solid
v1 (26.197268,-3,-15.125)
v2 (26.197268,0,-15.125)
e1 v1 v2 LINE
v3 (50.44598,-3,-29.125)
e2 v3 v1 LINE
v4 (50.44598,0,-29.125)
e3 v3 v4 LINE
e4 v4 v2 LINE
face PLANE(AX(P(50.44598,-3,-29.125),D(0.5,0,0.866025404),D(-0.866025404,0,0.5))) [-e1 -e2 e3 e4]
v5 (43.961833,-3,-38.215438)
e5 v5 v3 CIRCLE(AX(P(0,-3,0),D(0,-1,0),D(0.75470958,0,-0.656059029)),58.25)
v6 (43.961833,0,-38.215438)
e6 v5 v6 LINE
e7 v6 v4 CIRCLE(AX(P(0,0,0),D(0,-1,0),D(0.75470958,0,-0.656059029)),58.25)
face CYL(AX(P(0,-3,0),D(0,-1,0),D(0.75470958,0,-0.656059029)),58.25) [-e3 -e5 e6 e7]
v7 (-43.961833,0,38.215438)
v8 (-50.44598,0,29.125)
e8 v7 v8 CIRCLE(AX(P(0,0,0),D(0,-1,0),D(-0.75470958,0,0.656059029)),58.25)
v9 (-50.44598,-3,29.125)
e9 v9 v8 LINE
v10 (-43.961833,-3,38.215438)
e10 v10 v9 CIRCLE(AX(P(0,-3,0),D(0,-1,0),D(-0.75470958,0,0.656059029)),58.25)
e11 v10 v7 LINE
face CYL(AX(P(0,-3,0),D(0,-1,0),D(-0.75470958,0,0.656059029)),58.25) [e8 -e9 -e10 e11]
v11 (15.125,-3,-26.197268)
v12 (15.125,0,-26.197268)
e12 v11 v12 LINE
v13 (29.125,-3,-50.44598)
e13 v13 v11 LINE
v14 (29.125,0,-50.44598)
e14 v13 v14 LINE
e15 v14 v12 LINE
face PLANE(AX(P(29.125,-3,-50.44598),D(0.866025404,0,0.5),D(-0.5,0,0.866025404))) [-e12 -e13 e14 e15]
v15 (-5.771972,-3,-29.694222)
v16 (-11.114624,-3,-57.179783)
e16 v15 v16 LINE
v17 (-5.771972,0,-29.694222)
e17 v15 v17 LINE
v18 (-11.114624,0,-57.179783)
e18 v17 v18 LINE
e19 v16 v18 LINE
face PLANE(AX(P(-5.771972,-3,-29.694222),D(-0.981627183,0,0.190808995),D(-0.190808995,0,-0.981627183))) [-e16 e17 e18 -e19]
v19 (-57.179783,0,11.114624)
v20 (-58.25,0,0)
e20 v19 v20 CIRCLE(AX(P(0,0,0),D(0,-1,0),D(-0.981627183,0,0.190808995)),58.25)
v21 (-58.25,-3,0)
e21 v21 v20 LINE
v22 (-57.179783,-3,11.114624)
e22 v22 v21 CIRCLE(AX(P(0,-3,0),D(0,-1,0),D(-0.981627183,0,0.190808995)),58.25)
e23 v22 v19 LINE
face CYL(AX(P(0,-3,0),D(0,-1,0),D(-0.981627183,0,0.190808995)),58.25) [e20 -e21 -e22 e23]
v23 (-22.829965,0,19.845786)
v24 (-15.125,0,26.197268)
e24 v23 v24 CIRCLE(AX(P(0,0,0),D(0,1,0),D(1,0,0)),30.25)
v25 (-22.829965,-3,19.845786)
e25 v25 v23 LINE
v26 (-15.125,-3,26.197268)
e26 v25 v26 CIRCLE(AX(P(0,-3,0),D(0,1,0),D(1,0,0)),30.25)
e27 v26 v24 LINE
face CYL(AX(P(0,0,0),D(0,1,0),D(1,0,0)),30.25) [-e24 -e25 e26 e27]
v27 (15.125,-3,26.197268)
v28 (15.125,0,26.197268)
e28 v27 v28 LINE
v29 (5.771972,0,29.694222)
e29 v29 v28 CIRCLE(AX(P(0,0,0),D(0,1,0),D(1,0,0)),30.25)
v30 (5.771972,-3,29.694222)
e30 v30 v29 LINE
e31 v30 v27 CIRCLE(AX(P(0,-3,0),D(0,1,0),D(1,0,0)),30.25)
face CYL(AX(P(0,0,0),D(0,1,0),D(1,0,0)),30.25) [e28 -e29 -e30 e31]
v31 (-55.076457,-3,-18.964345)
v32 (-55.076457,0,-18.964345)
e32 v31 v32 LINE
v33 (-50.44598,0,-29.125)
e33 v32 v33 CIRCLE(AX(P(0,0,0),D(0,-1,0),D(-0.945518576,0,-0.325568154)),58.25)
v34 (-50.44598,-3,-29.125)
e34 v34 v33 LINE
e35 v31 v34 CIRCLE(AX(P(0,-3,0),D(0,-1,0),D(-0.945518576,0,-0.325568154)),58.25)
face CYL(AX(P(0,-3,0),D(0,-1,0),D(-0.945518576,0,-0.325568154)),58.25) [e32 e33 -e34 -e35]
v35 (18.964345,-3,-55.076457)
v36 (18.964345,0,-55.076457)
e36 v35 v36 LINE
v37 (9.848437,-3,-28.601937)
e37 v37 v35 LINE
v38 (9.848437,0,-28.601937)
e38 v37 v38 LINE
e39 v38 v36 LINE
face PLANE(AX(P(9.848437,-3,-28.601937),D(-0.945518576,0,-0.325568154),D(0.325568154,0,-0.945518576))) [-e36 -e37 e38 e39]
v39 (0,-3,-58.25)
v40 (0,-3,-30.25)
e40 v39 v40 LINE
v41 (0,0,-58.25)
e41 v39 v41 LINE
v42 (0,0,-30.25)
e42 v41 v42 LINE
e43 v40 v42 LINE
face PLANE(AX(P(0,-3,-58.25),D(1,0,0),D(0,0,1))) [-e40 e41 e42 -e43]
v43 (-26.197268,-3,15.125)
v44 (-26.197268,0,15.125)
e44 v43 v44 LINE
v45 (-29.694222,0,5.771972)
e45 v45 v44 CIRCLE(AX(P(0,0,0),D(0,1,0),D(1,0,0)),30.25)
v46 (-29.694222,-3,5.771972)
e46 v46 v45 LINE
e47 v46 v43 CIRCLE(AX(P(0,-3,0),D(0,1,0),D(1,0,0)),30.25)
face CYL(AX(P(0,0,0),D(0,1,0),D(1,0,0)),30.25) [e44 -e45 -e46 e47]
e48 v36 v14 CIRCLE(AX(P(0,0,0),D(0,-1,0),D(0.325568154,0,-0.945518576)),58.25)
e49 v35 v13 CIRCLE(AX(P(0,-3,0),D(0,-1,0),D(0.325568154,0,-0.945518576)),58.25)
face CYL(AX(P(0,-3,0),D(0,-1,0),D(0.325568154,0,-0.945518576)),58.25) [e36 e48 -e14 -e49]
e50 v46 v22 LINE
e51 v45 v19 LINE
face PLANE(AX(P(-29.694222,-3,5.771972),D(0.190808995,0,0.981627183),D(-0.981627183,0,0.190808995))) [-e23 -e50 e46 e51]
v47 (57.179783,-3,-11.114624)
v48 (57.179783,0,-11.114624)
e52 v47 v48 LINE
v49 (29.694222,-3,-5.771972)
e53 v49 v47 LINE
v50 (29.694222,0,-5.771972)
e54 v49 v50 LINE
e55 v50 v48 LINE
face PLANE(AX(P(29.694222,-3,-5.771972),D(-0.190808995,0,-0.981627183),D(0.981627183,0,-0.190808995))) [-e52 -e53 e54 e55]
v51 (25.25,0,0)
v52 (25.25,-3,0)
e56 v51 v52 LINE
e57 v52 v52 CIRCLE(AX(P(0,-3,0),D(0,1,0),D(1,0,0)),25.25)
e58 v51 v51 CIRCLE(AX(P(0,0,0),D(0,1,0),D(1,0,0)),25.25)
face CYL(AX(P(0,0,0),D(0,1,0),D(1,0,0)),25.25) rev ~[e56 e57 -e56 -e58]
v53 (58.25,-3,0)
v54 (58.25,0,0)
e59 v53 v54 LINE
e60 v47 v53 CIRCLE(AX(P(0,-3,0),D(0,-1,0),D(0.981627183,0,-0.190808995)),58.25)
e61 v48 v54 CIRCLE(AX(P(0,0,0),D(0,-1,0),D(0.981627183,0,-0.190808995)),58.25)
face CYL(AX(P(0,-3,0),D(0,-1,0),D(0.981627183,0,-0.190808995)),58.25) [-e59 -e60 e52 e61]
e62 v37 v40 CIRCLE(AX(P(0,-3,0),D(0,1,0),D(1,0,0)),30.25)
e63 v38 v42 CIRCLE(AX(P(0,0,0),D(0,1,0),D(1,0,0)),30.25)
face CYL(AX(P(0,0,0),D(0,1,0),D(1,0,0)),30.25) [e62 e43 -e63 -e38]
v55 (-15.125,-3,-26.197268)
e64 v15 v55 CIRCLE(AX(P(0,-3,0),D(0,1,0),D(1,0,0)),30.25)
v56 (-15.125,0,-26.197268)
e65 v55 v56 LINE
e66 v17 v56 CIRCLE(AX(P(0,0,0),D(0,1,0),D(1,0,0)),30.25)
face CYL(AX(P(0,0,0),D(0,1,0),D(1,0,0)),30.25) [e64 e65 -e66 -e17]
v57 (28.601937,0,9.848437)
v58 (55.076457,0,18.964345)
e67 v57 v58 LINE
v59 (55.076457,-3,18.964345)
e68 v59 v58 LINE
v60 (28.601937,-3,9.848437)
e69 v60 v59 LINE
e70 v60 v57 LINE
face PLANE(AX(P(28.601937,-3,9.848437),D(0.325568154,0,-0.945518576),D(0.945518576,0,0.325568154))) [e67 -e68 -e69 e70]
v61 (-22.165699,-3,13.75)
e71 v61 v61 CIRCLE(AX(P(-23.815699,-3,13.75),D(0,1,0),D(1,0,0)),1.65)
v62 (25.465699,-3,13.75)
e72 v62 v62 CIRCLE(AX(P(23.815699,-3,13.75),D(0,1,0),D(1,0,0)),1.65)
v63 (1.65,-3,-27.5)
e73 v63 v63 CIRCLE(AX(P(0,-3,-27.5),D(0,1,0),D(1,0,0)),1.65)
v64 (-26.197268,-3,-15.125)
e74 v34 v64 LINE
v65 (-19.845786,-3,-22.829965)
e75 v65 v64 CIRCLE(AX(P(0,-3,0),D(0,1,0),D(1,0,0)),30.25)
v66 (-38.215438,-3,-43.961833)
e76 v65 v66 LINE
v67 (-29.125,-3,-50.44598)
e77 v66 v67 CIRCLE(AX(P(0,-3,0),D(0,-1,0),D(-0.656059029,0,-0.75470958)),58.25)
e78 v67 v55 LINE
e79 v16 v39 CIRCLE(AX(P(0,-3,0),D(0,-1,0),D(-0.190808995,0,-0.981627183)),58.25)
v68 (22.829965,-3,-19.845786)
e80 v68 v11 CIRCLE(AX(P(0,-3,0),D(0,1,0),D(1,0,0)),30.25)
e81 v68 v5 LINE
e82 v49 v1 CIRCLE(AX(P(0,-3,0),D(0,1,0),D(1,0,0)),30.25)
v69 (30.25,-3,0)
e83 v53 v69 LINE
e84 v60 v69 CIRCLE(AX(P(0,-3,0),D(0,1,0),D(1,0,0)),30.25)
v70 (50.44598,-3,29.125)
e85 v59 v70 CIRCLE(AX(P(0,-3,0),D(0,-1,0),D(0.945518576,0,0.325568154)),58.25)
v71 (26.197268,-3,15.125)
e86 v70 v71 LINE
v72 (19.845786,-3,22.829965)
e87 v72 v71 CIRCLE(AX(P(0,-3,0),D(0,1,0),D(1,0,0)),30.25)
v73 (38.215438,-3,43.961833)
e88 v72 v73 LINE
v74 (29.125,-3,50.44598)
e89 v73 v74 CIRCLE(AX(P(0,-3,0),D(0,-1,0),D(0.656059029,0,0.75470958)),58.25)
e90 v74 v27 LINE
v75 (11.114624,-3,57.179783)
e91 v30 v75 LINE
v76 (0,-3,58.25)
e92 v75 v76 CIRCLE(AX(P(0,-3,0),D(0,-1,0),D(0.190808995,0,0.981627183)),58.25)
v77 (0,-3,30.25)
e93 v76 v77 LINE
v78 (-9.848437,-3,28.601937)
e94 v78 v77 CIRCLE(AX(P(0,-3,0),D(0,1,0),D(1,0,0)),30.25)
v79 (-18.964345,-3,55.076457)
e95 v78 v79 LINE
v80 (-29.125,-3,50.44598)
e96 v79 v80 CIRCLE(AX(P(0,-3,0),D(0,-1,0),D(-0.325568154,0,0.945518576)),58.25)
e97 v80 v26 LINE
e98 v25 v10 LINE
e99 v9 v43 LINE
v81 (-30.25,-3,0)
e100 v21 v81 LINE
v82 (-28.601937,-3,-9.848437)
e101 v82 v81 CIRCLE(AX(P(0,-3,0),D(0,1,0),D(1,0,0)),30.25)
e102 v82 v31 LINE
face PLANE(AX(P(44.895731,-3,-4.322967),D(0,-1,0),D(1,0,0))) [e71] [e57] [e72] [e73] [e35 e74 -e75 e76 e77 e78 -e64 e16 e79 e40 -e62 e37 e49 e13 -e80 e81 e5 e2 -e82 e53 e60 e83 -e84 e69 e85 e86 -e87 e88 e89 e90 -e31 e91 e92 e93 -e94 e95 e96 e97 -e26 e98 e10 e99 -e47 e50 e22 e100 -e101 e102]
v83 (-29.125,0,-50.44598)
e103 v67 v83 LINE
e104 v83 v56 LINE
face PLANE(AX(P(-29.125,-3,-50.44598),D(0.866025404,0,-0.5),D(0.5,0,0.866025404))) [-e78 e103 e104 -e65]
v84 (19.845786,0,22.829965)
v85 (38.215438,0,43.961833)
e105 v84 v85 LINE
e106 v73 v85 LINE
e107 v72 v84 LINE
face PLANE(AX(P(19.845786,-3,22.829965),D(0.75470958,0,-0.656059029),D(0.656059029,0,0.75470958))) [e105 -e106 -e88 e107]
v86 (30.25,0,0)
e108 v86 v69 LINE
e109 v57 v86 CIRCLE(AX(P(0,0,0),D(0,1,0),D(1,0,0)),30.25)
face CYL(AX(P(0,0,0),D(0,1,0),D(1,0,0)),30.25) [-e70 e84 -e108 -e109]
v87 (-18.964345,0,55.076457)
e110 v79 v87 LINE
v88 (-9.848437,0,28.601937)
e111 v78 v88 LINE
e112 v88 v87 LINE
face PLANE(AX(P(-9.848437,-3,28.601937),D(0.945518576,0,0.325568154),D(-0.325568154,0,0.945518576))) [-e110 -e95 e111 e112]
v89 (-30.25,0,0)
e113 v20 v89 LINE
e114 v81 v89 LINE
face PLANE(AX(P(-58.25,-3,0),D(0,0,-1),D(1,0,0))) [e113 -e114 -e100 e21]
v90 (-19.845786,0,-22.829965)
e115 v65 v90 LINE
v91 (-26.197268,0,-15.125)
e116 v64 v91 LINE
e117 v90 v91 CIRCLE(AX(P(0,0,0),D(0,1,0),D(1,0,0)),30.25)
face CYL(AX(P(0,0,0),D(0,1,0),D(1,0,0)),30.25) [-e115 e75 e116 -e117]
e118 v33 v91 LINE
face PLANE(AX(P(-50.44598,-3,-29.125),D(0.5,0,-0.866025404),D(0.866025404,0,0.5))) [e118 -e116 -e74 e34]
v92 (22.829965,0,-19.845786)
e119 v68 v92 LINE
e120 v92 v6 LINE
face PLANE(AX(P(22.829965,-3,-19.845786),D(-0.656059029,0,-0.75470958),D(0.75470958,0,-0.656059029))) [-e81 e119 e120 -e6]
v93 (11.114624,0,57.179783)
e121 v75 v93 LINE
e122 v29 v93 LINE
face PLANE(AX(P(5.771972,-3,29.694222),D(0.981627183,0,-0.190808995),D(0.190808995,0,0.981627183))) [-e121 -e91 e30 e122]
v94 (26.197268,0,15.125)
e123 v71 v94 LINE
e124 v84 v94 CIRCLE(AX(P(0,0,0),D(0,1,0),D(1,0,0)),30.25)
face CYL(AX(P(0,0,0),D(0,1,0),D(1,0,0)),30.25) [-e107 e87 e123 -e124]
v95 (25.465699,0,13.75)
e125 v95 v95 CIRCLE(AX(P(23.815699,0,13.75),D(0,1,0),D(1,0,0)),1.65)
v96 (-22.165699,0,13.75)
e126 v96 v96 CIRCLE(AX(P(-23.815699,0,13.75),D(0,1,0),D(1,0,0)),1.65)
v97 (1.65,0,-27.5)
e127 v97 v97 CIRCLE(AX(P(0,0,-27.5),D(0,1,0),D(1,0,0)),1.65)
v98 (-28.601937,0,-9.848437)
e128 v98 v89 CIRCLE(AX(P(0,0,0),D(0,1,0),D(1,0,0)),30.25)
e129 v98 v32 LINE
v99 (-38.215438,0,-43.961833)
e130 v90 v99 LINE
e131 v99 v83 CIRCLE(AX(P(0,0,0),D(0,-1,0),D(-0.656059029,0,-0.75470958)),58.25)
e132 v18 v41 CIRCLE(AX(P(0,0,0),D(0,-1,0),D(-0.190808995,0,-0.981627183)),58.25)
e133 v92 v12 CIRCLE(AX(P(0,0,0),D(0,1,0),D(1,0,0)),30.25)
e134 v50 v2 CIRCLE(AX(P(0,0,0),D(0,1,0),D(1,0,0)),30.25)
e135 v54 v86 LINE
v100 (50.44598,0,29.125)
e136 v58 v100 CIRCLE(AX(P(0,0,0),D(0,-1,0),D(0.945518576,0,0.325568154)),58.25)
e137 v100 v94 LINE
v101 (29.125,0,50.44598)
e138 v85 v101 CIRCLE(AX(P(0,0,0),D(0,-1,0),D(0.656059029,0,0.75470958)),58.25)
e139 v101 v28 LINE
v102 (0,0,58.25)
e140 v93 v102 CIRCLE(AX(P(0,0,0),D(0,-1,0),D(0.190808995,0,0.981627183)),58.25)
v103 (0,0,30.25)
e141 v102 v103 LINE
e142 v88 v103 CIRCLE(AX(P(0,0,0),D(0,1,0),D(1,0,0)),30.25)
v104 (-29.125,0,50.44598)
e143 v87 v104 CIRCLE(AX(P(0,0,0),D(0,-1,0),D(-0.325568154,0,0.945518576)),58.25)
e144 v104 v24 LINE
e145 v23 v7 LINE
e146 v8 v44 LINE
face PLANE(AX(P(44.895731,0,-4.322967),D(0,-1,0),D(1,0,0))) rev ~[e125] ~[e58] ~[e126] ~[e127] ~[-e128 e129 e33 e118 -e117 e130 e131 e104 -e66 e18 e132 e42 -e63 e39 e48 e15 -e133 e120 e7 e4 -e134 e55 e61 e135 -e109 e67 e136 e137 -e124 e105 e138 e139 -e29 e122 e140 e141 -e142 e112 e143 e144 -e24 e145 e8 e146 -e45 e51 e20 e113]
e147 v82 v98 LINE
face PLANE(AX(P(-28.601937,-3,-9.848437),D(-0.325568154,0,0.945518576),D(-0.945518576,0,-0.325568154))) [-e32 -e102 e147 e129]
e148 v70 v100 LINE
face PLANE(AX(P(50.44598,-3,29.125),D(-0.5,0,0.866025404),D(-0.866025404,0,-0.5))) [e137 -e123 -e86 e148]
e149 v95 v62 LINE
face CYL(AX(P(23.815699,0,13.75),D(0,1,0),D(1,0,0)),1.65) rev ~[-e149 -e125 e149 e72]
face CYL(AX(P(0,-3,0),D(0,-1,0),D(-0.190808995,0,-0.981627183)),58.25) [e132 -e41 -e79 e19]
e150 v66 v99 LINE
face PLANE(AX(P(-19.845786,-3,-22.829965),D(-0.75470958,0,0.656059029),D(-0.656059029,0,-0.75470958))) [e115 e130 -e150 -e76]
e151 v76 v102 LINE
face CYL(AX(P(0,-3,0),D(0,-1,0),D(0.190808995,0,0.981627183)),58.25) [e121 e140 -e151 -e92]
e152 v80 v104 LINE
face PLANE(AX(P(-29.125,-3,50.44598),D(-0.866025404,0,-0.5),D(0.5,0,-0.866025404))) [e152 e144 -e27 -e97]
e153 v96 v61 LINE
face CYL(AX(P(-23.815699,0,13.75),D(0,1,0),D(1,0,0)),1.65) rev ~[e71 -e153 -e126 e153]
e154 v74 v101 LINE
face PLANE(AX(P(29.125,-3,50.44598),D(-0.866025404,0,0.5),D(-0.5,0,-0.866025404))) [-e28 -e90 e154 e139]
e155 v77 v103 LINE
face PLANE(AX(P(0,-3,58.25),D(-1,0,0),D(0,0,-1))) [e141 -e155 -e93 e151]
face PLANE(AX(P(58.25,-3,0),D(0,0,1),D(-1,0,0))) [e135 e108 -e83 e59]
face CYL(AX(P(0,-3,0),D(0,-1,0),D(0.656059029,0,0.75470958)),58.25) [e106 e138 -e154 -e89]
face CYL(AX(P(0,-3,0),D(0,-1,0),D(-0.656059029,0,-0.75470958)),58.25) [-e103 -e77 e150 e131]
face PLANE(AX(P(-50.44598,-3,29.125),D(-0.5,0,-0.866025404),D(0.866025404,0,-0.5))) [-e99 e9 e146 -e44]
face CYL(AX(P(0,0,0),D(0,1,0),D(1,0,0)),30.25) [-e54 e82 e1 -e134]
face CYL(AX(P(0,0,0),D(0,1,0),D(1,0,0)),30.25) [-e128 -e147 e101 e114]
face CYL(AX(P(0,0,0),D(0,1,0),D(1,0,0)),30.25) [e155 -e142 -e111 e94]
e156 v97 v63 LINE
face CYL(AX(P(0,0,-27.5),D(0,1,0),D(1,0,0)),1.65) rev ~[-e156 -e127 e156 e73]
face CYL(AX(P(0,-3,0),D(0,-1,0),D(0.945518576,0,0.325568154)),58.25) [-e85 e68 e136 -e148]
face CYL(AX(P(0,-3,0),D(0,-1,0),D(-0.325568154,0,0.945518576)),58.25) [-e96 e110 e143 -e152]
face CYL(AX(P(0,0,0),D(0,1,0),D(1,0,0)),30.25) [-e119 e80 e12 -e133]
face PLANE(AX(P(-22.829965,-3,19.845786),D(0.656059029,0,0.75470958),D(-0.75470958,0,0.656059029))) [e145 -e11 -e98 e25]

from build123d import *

# Parameters (mm, degrees)
SKETCH1_R           = 30.25
SKETCH1_R_2         = 25.25
EXTRUDE_THIN1_DEPTH = 3
SKETCH2_R           = 1.65
CUT_EXTRUDE3_DEPTH  = 10
BOSS_EXTRUDE1_DEPTH = 3


with BuildPart() as part:
    # Sketch1 → Extrude-Thin1 (new body)
    with BuildSketch(Plane(origin=(0, 0, 0), x_dir=(1, 0, 0), z_dir=(0, 1, 0))):
        Circle(SKETCH1_R)
        Circle(SKETCH1_R_2, mode=Mode.SUBTRACT)
    extrude(amount=-EXTRUDE_THIN1_DEPTH)

    # Sketch2 → Cut-Extrude3 (cut)
    with BuildSketch(Plane(origin=(0, 0, 0), x_dir=(1, 0, 0), z_dir=(0, 1, 0))):
        with Locations((0, 27.5)):
            Circle(SKETCH2_R)
        with Locations((23.815698604, -13.75)):
            Circle(SKETCH2_R)
        with Locations((-23.815698604, -13.75)):
            Circle(SKETCH2_R)
    extrude(amount=-CUT_EXTRUDE3_DEPTH, mode=Mode.SUBTRACT)

    # Sketch5 → Boss-Extrude1 (add)
    with BuildSketch(Plane.XZ.offset(3)):
        with BuildLine():
            Line((0, 58.25), (0, 30.25))
            ThreePointArc((0, 30.25), (2.899334014, 30.110735001), (5.77197211, 29.694222299))
            Line((5.77197211, 29.694222299), (11.114623981, 57.179783436))
            ThreePointArc((11.114623981, 57.179783436), (5.583015084, 57.981828555), (0, 58.25))
        make_face()
        with BuildLine():
            Line((29.125, 50.44597977), (15.125, 26.197268464))
            ThreePointArc((15.125, 26.197268464), (17.56626441, 24.62699443), (19.845785627, 22.829964802))
            Line((19.845785627, 22.829964802), (38.215438439, 43.961833048))
            ThreePointArc((38.215438439, 43.961833048), (33.82594717, 47.422228944), (29.125, 50.44597977))
        make_face()
        with BuildLine():
            Line((50.44597977, 29.125), (26.197268464, 15.125))
            ThreePointArc((26.197268464, 15.125), (27.526328444, 12.54447059), (28.601936912, 9.848436672))
            Line((28.601936912, 9.848436672), (55.076457029, 18.964344997))
            ThreePointArc((55.076457029, 18.964344997), (53.005244029, 24.155881385), (50.44597977, 29.125))
        make_face()
        with BuildLine():
            Line((58.25, 0), (30.25, 0))
            ThreePointArc((30.25, 0), (30.110735001, -2.899334014), (29.694222299, -5.77197211))
            Line((29.694222299, -5.77197211), (57.179783436, -11.114623981))
            ThreePointArc((57.179783436, -11.114623981), (57.981828555, -5.583015084), (58.25, 0))
        make_face()
        with BuildLine():
            Line((50.44597977, -29.125), (26.197268464, -15.125))
            ThreePointArc((26.197268464, -15.125), (24.62699443, -17.56626441), (22.829964802, -19.845785627))
            Line((22.829964802, -19.845785627), (43.961833048, -38.215438439))
            ThreePointArc((43.961833048, -38.215438439), (47.422228944, -33.82594717), (50.44597977, -29.125))
        make_face()
        with BuildLine():
            Line((29.125, -50.44597977), (15.125, -26.197268464))
            ThreePointArc((15.125, -26.197268464), (12.54447059, -27.526328444), (9.848436672, -28.601936912))
            Line((9.848436672, -28.601936912), (18.964344997, -55.076457029))
            ThreePointArc((18.964344997, -55.076457029), (24.155881385, -53.005244029), (29.125, -50.44597977))
        make_face()
        with BuildLine():
            Line((0, -58.25), (0, -30.25))
            ThreePointArc((0, -30.25), (-2.899334014, -30.110735001), (-5.77197211, -29.694222299))
            Line((-5.77197211, -29.694222299), (-11.114623981, -57.179783436))
            ThreePointArc((-11.114623981, -57.179783436), (-5.583015084, -57.981828555), (0, -58.25))
        make_face()
        with BuildLine():
            Line((-29.125, -50.44597977), (-15.125, -26.197268464))
            ThreePointArc((-15.125, -26.197268464), (-17.56626441, -24.62699443), (-19.845785627, -22.829964802))
            Line((-19.845785627, -22.829964802), (-38.215438439, -43.961833048))
            ThreePointArc((-38.215438439, -43.961833048), (-33.82594717, -47.422228944), (-29.125, -50.44597977))
        make_face()
        with BuildLine():
            Line((-50.44597977, -29.125), (-26.197268464, -15.125))
            ThreePointArc((-26.197268464, -15.125), (-27.526328444, -12.54447059), (-28.601936912, -9.848436672))
            Line((-28.601936912, -9.848436672), (-55.076457029, -18.964344997))
            ThreePointArc((-55.076457029, -18.964344997), (-53.005244029, -24.155881385), (-50.44597977, -29.125))
        make_face()
        with BuildLine():
            Line((-58.25, 0), (-30.25, 0))
            ThreePointArc((-30.25, 0), (-30.110735001, 2.899334014), (-29.694222299, 5.77197211))
            Line((-29.694222299, 5.77197211), (-57.179783436, 11.114623981))
            ThreePointArc((-57.179783436, 11.114623981), (-57.981828555, 5.583015084), (-58.25, 0))
        make_face()
        with BuildLine():
            Line((-50.44597977, 29.125), (-26.197268464, 15.125))
            ThreePointArc((-26.197268464, 15.125), (-24.62699443, 17.56626441), (-22.829964802, 19.845785627))
            Line((-22.829964802, 19.845785627), (-43.961833048, 38.215438439))
            ThreePointArc((-43.961833048, 38.215438439), (-47.422228944, 33.82594717), (-50.44597977, 29.125))
        make_face()
        with BuildLine():
            Line((-29.125, 50.44597977), (-15.125, 26.197268464))
            ThreePointArc((-15.125, 26.197268464), (-12.54447059, 27.526328444), (-9.848436672, 28.601936912))
            Line((-9.848436672, 28.601936912), (-18.964344997, 55.076457029))
            ThreePointArc((-18.964344997, 55.076457029), (-24.155881385, 53.005244029), (-29.125, 50.44597977))
        make_face()
    extrude(amount=-BOSS_EXTRUDE1_DEPTH)


solid = part.part
